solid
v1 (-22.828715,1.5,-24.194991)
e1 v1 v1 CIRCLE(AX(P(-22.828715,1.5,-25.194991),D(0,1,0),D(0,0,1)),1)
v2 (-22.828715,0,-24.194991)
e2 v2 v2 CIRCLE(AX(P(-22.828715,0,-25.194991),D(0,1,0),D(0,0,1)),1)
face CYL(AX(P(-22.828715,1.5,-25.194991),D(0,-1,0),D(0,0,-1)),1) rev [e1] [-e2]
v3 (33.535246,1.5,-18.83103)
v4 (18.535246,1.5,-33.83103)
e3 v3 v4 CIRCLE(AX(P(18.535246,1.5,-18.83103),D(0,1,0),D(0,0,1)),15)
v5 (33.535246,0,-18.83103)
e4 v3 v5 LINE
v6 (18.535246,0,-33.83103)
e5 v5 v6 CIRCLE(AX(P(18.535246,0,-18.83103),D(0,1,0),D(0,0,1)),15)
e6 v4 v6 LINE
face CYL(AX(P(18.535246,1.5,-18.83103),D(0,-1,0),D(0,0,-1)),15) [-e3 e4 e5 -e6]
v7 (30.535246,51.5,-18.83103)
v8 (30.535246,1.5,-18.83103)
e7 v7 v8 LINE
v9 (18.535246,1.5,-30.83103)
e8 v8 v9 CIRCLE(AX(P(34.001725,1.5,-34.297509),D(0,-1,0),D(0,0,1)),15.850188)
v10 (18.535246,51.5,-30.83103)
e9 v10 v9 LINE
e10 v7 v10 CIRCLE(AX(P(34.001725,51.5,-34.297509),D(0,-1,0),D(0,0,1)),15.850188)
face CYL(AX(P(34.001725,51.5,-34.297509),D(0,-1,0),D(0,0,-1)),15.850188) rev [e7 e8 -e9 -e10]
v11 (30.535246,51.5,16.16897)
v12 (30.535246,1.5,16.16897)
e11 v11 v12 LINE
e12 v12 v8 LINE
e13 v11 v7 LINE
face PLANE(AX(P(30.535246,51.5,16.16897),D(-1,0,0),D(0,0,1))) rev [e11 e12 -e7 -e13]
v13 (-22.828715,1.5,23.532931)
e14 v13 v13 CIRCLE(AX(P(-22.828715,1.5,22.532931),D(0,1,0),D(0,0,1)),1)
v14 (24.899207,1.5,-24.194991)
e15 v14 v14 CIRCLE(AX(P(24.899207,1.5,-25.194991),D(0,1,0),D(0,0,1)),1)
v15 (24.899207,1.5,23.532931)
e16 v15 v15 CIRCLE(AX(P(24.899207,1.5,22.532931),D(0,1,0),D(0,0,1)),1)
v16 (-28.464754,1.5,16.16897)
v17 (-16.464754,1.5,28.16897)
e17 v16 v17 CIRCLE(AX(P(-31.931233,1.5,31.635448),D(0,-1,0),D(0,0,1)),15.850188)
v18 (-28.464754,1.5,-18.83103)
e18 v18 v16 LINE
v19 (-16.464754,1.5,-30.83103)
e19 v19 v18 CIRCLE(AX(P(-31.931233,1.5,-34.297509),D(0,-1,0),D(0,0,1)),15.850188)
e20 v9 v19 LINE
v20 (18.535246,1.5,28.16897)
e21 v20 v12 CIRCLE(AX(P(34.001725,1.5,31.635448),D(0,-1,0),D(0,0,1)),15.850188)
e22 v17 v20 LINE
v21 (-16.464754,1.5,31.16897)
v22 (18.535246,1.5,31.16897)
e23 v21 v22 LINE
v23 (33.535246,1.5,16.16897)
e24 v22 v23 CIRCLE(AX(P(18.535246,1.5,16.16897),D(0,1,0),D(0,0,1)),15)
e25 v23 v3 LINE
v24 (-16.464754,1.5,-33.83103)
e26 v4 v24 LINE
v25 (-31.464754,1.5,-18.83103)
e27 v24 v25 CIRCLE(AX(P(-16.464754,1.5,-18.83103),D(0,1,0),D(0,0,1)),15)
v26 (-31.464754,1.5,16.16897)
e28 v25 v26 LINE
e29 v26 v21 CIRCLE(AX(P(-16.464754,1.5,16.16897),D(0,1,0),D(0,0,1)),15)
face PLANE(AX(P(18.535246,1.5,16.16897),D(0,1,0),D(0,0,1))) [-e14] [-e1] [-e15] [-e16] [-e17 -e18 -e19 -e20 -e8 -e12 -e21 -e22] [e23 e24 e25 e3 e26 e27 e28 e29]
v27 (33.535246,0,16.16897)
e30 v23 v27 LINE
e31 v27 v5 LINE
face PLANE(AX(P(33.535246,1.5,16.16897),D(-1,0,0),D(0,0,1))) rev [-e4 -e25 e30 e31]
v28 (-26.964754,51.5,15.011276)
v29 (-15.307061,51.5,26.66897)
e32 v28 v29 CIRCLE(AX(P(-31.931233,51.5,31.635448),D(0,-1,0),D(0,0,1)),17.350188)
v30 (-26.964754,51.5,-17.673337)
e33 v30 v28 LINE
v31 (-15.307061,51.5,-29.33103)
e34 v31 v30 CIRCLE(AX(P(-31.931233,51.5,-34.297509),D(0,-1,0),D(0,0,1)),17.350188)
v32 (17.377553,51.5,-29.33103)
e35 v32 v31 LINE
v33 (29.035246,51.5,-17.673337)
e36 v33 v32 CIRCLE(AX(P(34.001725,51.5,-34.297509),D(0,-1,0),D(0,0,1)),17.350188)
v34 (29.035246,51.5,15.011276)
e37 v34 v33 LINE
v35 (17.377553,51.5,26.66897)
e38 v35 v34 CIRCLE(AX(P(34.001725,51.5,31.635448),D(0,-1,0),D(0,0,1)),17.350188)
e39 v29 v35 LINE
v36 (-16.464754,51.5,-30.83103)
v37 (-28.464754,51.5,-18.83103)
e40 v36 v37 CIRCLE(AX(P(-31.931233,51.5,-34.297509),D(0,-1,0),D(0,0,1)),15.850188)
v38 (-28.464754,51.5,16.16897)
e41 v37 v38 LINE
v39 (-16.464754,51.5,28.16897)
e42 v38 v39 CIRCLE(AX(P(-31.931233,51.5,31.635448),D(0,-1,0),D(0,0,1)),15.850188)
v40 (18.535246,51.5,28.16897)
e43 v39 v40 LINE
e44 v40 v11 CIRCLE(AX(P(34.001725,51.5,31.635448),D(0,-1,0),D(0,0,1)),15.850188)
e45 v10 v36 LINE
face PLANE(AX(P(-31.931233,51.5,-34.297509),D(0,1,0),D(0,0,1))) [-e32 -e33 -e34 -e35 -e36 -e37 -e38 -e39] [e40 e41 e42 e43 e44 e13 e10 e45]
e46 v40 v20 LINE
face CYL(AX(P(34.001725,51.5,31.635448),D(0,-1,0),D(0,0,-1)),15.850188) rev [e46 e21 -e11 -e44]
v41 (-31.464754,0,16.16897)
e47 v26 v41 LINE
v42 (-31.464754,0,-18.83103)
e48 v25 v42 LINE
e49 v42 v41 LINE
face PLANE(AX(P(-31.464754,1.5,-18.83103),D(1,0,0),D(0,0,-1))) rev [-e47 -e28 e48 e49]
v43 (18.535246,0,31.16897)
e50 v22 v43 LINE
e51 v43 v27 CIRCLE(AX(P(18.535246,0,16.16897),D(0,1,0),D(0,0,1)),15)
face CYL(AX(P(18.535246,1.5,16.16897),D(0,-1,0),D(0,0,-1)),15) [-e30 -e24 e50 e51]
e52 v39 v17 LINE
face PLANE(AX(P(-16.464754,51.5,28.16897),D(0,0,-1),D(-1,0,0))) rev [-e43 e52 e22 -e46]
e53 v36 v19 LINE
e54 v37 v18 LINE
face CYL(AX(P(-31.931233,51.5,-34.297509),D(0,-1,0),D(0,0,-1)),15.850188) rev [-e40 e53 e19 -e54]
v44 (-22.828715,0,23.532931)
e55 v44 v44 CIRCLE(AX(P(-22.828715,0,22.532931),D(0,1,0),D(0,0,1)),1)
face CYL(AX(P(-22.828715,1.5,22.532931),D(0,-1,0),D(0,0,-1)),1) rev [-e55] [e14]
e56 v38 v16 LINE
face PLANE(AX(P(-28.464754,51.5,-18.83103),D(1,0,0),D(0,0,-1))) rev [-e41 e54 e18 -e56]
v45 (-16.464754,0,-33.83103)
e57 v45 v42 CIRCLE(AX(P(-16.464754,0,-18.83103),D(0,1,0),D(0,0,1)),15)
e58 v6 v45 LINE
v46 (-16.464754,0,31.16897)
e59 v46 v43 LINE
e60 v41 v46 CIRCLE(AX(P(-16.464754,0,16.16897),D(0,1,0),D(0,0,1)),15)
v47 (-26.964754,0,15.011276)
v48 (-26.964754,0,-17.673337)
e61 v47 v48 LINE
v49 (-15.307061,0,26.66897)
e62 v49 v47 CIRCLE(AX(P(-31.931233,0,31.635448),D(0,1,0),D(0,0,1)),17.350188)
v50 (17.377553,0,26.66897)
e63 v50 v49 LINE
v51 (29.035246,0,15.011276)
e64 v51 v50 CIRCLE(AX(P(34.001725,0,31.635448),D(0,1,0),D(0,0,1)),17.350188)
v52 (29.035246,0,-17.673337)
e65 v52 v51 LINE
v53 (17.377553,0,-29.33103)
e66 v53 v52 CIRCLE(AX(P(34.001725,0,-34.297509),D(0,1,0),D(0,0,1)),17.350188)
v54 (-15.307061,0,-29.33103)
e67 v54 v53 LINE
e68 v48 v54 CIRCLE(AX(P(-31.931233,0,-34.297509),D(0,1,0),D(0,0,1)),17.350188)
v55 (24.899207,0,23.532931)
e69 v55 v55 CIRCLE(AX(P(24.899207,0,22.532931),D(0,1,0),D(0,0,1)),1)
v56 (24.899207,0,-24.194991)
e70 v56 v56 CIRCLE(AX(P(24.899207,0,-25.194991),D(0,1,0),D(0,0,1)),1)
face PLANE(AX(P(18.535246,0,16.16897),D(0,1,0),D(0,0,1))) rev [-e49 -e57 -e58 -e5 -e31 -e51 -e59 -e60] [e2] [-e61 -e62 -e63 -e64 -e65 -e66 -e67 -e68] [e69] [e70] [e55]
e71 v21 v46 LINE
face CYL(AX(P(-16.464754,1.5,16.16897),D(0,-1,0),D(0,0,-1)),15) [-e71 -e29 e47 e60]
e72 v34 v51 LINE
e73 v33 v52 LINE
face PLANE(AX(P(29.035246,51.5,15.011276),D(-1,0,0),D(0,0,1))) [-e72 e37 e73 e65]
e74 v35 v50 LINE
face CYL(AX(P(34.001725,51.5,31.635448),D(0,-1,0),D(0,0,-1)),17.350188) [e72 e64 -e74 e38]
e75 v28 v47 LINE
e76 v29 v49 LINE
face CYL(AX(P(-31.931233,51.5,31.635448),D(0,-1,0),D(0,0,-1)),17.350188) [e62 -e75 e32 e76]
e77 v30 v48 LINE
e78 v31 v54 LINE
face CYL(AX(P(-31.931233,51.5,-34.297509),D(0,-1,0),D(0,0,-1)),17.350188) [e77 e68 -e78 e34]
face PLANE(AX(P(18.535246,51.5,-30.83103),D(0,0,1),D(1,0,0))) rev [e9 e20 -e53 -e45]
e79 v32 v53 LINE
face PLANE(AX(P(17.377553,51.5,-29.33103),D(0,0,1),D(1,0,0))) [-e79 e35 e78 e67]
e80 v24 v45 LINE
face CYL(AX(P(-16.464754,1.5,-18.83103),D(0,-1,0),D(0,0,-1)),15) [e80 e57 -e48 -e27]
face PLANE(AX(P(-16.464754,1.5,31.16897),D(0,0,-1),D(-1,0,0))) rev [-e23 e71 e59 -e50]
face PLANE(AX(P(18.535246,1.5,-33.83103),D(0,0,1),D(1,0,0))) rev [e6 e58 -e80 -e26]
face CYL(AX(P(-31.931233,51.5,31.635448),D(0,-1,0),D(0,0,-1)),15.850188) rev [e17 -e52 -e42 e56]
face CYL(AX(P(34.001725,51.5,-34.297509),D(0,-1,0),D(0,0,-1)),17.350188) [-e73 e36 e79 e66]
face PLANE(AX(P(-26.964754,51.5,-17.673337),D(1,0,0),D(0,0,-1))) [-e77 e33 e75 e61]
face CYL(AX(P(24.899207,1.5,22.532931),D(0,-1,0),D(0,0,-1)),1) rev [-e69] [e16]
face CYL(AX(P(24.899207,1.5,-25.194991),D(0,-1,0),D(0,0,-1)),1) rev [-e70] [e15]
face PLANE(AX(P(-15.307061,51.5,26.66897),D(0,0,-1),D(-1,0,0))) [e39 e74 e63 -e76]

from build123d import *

# Parameters (mm, degrees)
SKETCH1_R                = 1
BOSS_EXTRUDE1_DEPTH      = 1.5
BOSS_EXTRUDE2_DEPTH      = 50
BOSS_EXTRUDE2_DEPTH_BACK = 1.5


with BuildPart() as part:
    # Sketch1 → Boss-Extrude1 (new body)
    with BuildSketch(Plane(origin=(0, 0, 0), x_dir=(1, 0, 0), z_dir=(0, 1, 0))):
        with BuildLine():
            Line((33.535245878, -16.168969585), (33.535245878, 18.831030415))
            ThreePointArc((33.535245878, 18.831030415), (29.141847596, 29.437632132), (18.535245878, 33.831030415))
            Line((18.535245878, 33.831030415), (-16.464754122, 33.831030415))
            ThreePointArc((-16.464754122, 33.831030415), (-27.07135584, 29.437632132), (-31.464754122, 18.831030415))
            Line((-31.464754122, 18.831030415), (-31.464754122, -16.168969585))
            ThreePointArc((-31.464754122, -16.168969585), (-27.07135584, -26.775571303), (-16.464754122, -31.168969585))
            Line((-16.464754122, -31.168969585), (18.535245878, -31.168969585))
            ThreePointArc((18.535245878, -31.168969585), (29.141847596, -26.775571303), (33.535245878, -16.168969585))
        make_face()
        with Locations((24.899206909, -22.532930616)):
            Circle(SKETCH1_R, mode=Mode.SUBTRACT)
        with Locations((-22.828715153, -22.532930616)):
            Circle(SKETCH1_R, mode=Mode.SUBTRACT)
        with Locations((-22.828715153, 25.194991445)):
            Circle(SKETCH1_R, mode=Mode.SUBTRACT)
        with Locations((24.899206909, 25.194991445)):
            Circle(SKETCH1_R, mode=Mode.SUBTRACT)
        with BuildLine():
            Line((18.535245878, -28.168969585), (-16.464754122, -28.168969585))
            ThreePointArc((-16.464754122, -28.168969585), (-20.723457919, -20.427673383), (-28.464754122, -16.168969585))
            Line((-28.464754122, -16.168969585), (-28.464754122, 18.831030415))
            ThreePointArc((-28.464754122, 18.831030415), (-20.723457919, 23.089734212), (-16.464754122, 30.831030415))
            Line((-16.464754122, 30.831030415), (18.535245878, 30.831030415))
            ThreePointArc((18.535245878, 30.831030415), (22.793949675, 23.089734212), (30.535245878, 18.831030415))
            Line((30.535245878, 18.831030415), (30.535245878, -16.168969585))
            ThreePointArc((30.535245878, -16.168969585), (22.793949675, -20.427673383), (18.535245878, -28.168969585))
        make_face(mode=Mode.SUBTRACT)
    extrude(amount=BOSS_EXTRUDE1_DEPTH)

    # Sketch2 → Boss-Extrude2 (add, two sides)
    with BuildSketch(Plane(origin=(0, 1.5, 0), x_dir=(1, 0, 0), z_dir=(0, 1, 0))) as boss_extrude2_sk:
        with BuildLine():
            Line((-28.464754122, 18.831030415), (-28.464754122, -16.168969585))
            ThreePointArc((-28.464754122, -16.168969585), (-20.723457919, -20.427673383), (-16.464754122, -28.168969585))
            Line((-16.464754122, -28.168969585), (18.535245878, -28.168969585))
            ThreePointArc((18.535245878, -28.168969585), (22.793949675, -20.427673383), (30.535245878, -16.168969585))
            Line((30.535245878, -16.168969585), (30.535245878, 18.831030415))
            ThreePointArc((30.535245878, 18.831030415), (22.793949675, 23.089734212), (18.535245878, 30.831030415))
            Line((18.535245878, 30.831030415), (-16.464754122, 30.831030415))
            ThreePointArc((-16.464754122, 30.831030415), (-20.723457919, 23.089734212), (-28.464754122, 18.831030415))
        make_face()
        with BuildLine():
            Line((29.035245878, -15.01127646), (29.035245878, 17.673337289))
            ThreePointArc((29.035245878, 17.673337289), (21.733289504, 22.02907404), (17.377552753, 29.331030415))
            Line((17.377552753, 29.331030415), (-15.307060997, 29.331030415))
            ThreePointArc((-15.307060997, 29.331030415), (-19.662797748, 22.02907404), (-26.964754122, 17.673337289))
            Line((-26.964754122, 17.673337289), (-26.964754122, -15.01127646))
            ThreePointArc((-26.964754122, -15.01127646), (-19.662797748, -19.367013211), (-15.307060997, -26.668969585))
            Line((-15.307060997, -26.668969585), (17.377552753, -26.668969585))
            ThreePointArc((17.377552753, -26.668969585), (21.733289504, -19.367013211), (29.035245878, -15.01127646))
        make_face(mode=Mode.SUBTRACT)
    extrude(amount=BOSS_EXTRUDE2_DEPTH)
    extrude(boss_extrude2_sk.sketch, amount=-BOSS_EXTRUDE2_DEPTH_BACK)


solid = part.part
